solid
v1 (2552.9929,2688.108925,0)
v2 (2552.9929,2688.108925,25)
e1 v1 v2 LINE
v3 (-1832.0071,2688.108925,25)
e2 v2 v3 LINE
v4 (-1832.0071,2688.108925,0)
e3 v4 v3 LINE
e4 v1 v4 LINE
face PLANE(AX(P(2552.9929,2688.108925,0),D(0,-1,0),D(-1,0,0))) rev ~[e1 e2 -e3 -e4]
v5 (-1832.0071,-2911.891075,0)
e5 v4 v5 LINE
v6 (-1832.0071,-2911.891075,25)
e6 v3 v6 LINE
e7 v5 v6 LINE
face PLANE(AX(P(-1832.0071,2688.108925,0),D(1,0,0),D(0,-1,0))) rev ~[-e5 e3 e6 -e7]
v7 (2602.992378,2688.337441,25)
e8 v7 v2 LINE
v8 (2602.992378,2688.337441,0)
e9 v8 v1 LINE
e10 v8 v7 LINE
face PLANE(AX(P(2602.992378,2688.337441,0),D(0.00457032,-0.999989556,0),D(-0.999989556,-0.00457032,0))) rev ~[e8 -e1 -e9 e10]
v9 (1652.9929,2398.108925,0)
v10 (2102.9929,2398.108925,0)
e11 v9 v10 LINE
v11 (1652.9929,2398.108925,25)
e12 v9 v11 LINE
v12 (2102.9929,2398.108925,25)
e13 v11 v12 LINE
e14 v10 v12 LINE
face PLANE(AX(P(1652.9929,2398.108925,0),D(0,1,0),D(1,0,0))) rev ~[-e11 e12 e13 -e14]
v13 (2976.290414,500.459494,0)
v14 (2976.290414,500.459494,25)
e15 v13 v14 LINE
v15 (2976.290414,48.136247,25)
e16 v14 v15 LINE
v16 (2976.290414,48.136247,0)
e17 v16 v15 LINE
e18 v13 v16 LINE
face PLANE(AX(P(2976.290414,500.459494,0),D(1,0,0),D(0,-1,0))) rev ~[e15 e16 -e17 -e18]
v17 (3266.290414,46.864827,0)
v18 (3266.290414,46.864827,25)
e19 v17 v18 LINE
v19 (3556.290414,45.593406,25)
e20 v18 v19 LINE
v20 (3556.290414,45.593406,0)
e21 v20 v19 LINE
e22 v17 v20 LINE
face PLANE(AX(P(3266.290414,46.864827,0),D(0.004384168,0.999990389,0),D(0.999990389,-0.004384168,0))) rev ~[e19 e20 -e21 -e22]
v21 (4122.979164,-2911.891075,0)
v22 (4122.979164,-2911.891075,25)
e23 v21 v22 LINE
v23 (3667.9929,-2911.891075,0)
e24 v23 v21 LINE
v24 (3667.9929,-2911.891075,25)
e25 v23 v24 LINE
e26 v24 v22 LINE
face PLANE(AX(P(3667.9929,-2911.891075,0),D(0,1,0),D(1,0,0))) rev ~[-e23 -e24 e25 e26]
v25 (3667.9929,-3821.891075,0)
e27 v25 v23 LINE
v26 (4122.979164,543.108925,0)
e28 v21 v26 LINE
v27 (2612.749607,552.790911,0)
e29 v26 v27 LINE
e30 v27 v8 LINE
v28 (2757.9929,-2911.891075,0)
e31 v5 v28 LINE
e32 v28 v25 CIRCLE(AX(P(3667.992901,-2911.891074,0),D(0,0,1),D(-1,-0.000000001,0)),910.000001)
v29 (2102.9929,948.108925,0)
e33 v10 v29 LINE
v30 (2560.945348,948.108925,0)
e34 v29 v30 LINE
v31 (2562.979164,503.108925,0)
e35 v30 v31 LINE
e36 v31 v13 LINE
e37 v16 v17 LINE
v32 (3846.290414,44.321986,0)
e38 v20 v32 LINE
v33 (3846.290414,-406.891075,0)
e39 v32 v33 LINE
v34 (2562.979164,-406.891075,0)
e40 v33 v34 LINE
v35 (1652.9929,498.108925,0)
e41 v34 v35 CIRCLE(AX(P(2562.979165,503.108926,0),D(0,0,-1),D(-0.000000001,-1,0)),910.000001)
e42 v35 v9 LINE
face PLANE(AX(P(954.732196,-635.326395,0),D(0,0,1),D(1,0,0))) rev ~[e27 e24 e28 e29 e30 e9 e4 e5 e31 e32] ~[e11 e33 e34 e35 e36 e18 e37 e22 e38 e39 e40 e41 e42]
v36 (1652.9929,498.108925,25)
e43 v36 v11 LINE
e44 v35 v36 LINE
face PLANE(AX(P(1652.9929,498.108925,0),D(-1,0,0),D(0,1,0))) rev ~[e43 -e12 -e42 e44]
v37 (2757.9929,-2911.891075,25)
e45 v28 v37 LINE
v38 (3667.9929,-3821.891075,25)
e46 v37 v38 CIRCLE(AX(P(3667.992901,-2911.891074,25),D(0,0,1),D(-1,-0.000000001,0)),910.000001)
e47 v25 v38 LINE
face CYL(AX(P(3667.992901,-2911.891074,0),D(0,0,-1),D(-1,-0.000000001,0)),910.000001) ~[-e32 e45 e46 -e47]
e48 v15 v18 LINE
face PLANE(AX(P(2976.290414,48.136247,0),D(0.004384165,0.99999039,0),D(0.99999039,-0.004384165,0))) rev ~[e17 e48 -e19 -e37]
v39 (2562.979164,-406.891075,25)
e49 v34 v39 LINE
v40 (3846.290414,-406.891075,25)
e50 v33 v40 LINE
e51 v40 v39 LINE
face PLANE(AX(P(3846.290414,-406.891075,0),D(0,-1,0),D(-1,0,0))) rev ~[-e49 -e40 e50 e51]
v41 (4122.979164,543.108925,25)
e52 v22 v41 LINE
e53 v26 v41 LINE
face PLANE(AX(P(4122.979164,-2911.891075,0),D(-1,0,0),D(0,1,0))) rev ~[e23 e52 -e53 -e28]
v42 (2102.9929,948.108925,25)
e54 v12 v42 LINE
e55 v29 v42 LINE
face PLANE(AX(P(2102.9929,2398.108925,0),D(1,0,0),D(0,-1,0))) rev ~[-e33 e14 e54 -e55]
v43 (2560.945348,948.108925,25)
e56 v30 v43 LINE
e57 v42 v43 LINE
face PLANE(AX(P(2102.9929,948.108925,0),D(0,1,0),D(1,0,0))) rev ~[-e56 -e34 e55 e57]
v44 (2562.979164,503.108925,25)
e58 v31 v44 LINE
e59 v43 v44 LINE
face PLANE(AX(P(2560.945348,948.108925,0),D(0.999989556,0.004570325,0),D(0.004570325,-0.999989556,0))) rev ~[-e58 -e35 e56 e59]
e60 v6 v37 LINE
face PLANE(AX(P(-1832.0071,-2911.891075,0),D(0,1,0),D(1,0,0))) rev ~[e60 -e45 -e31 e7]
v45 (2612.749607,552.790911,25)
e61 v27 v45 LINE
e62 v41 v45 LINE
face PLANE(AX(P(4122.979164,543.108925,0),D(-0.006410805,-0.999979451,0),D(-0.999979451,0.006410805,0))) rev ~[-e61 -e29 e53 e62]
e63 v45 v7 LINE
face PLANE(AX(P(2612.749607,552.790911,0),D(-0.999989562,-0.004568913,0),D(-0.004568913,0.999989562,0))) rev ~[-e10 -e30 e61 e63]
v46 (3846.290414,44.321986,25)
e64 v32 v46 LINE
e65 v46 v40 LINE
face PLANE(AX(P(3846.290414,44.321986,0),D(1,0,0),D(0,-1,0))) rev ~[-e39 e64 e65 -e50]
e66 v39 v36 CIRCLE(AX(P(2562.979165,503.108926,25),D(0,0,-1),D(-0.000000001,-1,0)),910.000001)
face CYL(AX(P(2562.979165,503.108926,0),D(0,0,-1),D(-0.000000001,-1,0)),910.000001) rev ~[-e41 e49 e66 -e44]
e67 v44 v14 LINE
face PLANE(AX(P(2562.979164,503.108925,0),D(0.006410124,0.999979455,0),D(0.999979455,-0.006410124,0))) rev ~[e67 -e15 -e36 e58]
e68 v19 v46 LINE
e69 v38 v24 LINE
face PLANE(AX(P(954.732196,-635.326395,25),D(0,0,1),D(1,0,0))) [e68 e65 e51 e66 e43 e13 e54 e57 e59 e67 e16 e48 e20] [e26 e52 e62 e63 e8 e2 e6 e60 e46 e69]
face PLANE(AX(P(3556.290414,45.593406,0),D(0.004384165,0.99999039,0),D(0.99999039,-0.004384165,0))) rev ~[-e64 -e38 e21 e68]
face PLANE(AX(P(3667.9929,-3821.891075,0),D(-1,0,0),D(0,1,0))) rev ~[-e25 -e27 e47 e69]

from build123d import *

# Parameters (mm, degrees)
F0_W     = 450
F0_H     = 290
F1_DEPTH = 25


with BuildPart() as f1:
    # F0 (on Top) → F1 (new body)
    with BuildSketch(Plane.XY):
        with BuildLine():
            Line((1652.9929, 2688.108925), (-1832.0071, 2688.108925))
            Line((-1832.0071, 2688.108925), (-1832.0071, -2911.891075))
            Line((-1832.0071, -2911.891075), (2757.9929, -2911.891075))
            ThreePointArc((2757.9929, -2911.891075), (3024.52573, -3555.358246), (3667.9929, -3821.891075))
            Line((3667.9929, -3821.891075), (3667.9929, -2911.891075))
            Line((3667.9929, -2911.891075), (4122.979164, -2911.891075))
            Line((4122.979164, -2911.891075), (4122.979164, -406.891075))
            Line((4122.979164, -406.891075), (3846.290414, -406.891075))
            Line((3846.290414, -406.891075), (3556.290414, -406.891075))
            Line((3556.290414, -406.891075), (3266.290414, -406.891075))
            Line((3266.290414, -406.891075), (2976.290414, -406.891075))
            Line((2976.290414, -406.891075), (2562.979164, -406.891075))
            ThreePointArc((2562.979164, -406.891075), (1921.282195, -142.123591), (1652.9929, 498.108925))
            Line((1652.9929, 498.108925), (1652.9929, 948.108925))
            Line((1652.9929, 948.108925), (1652.9929, 1238.108925))
            Line((1652.9929, 1238.108925), (1652.9929, 1528.108925))
            Line((1652.9929, 1528.108925), (1652.9929, 1818.108925))
            Line((1652.9929, 1818.108925), (1652.9929, 2108.108925))
            Line((1652.9929, 2108.108925), (1652.9929, 2398.108925))
            Line((1652.9929, 2398.108925), (1652.9929, 2688.108925))
        make_face()
        with Locations((1877.9929, 2543.108925)):
            Rectangle(F0_W, F0_H)
        Polygon((2552.9929, 2688.108925), (2102.9929, 2688.108925), (2102.9929, 2398.108925), (2102.9929, 2108.108925), (2102.9929, 1818.108925), (2102.9929, 1528.108925), (2102.9929, 1238.108925), (2102.9929, 948.108925), (2560.945348, 948.108925), align=None)
        Polygon((2602.992378, 2688.337441), (2552.9929, 2688.108925), (2560.945348, 948.108925), (2562.979164, 503.108925), (2976.290414, 500.459494), (4122.979164, 493.108925), (4122.979164, 543.108925), (2612.749607, 552.790911), align=None)
        Polygon((3846.290414, -406.891075), (4122.979164, -406.891075), (4122.979164, 43.108925), (3846.290414, 44.321986), align=None)
        Polygon((4122.979164, 493.108925), (2976.290414, 500.459494), (2976.290414, 48.136247), (3266.290414, 46.864827), (3556.290414, 45.593406), (3846.290414, 44.321986), (4122.979164, 43.108925), align=None)
    extrude(amount=F1_DEPTH)


solid = f1.part
